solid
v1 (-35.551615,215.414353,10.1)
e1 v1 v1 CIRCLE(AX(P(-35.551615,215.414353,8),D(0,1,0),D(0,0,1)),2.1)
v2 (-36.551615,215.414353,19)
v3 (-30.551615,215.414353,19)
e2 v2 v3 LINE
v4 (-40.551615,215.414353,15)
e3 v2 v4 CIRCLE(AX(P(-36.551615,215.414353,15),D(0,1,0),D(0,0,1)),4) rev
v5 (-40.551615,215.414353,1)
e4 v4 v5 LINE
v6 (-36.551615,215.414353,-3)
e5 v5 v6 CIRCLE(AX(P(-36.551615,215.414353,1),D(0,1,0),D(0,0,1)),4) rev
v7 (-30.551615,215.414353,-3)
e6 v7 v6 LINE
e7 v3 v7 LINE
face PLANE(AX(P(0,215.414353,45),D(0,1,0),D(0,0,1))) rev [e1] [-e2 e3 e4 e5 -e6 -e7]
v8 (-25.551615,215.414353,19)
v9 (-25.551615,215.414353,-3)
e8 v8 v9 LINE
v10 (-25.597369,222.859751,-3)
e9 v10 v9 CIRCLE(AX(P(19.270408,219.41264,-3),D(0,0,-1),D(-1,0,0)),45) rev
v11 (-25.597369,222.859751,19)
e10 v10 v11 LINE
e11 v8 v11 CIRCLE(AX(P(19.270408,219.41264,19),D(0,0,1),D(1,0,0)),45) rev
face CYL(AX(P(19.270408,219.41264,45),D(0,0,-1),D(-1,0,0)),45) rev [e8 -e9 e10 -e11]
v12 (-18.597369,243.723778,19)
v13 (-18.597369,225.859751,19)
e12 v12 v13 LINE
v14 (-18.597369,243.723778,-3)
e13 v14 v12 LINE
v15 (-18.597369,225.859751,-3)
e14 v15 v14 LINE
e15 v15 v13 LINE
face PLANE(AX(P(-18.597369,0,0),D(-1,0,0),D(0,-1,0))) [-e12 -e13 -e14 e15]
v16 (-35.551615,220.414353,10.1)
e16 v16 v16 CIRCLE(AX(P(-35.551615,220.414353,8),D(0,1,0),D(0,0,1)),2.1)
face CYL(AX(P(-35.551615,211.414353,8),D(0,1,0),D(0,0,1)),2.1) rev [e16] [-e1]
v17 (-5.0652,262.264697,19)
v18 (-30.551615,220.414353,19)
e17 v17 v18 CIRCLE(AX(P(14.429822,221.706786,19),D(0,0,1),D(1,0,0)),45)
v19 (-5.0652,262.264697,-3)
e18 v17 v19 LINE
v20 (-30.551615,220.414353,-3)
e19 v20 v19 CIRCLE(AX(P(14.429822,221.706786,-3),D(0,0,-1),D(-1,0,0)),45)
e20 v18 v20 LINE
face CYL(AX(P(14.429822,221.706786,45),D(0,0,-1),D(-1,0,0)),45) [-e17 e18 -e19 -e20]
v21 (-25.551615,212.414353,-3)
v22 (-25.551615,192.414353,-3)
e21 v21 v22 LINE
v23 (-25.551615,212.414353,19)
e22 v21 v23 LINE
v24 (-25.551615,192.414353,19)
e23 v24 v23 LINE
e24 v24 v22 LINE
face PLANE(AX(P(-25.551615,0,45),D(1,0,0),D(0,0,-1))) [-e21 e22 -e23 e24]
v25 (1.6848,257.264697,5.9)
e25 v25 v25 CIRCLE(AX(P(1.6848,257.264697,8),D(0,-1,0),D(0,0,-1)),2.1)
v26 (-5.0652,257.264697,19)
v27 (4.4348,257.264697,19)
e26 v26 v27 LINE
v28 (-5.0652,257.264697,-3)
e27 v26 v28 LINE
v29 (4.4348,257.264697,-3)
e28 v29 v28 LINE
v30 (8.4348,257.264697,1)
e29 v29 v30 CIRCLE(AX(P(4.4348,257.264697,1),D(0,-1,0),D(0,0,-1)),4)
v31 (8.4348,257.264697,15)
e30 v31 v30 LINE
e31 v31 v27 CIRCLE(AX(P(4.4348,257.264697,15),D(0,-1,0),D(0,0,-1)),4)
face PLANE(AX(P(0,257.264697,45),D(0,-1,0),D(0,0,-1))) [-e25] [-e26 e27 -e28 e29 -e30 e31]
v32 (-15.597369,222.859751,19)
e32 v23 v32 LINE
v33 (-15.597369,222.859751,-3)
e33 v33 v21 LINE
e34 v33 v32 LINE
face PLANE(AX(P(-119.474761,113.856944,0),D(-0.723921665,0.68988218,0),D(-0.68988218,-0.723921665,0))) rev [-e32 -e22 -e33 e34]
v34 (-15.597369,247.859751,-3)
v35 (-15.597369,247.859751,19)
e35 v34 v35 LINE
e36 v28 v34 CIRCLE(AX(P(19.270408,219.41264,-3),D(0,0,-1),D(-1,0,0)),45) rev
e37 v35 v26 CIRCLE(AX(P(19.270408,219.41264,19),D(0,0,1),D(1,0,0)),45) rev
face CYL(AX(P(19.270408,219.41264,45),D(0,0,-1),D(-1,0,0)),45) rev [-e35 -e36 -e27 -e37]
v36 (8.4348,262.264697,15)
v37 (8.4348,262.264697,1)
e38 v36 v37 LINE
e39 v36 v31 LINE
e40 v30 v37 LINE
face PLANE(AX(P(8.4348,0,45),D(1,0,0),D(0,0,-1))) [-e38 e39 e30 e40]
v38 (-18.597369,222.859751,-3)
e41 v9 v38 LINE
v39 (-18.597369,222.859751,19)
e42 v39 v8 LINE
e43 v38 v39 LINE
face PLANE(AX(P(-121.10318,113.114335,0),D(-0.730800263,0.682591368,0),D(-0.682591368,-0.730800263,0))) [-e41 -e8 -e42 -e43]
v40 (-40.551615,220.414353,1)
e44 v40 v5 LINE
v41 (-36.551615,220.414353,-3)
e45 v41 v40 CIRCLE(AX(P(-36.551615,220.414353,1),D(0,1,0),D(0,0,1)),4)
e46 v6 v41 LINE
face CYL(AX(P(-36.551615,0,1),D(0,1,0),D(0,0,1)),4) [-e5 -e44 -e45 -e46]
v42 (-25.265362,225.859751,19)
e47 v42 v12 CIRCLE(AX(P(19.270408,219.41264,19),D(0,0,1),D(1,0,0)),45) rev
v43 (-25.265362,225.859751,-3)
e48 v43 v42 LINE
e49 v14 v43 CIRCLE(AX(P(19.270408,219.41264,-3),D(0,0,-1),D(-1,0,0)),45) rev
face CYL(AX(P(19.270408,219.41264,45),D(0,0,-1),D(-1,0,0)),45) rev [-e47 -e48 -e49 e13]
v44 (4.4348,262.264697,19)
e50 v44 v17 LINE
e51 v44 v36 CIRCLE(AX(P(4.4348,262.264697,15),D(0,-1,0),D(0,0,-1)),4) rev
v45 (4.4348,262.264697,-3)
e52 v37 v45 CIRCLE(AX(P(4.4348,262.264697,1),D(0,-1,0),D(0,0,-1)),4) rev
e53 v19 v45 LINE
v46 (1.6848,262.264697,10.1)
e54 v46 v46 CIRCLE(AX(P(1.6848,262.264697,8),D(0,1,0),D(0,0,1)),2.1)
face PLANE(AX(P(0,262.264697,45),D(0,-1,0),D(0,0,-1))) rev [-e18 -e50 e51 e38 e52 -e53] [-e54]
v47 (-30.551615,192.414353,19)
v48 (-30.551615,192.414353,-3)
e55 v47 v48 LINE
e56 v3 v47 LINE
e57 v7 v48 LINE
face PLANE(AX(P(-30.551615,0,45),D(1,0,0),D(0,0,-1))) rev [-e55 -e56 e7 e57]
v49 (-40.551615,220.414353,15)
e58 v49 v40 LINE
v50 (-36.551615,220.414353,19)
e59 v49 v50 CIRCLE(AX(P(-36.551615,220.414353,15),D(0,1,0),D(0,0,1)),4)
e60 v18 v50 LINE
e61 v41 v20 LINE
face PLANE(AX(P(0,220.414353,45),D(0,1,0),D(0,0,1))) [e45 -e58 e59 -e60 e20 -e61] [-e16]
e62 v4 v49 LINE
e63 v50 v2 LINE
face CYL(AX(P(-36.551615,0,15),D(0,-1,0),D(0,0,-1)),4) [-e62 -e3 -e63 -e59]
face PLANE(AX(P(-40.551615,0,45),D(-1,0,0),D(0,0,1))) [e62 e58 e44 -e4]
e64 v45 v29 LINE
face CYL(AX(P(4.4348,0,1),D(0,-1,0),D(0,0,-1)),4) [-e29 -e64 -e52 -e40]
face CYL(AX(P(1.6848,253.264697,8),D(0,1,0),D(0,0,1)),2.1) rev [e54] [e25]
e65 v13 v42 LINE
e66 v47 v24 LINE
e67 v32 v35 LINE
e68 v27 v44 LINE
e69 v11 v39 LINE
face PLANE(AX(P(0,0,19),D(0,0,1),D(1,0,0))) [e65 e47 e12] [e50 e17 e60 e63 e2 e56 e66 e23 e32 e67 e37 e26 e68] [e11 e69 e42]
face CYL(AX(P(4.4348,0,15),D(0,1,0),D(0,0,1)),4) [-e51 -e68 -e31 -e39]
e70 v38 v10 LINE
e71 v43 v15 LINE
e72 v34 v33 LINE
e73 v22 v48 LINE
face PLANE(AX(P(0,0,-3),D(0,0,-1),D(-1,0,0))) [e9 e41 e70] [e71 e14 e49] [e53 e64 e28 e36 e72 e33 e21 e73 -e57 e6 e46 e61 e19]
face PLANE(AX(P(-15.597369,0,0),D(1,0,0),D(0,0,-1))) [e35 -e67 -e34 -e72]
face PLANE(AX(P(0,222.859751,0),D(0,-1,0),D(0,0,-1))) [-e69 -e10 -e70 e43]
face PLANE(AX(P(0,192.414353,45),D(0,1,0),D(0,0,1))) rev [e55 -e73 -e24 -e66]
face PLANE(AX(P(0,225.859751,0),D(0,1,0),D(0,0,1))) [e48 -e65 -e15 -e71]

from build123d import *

# Parameters (mm, degrees)
SKETCH3_W                = 13.5
SKETCH3_H                = 5
SKETCH3_W_2              = 10
SKETCH3_W_3              = 5
SKETCH3_H_2              = 23
BOSS_EXTRUDE1_DEPTH      = 45
FILLET1_R                = 2
SKETCH5_R                = 2.1
CUT_EXTRUDE2_DEPTH       = 45
SKETCH6_R                = 2.1
CUT_EXTRUDE3_DEPTH       = 45
SKETCH7_W                = 8.210459319
SKETCH7_H                = 32.58724939
BOSS_EXTRUDE2_DEPTH      = 5
SKETCH8_R                = 2.1
CUT_EXTRUDE5_DEPTH       = 45
BOSS_EXTRUDE3_DEPTH      = 45
SKETCH10_W               = 60.355694637
SKETCH10_H               = 75.381613981
CUT_EXTRUDE7_DEPTH       = 9
SKETCH13_W               = 6.095088126
SKETCH13_H               = 29.055723933
BOSS_EXTRUDE6_DEPTH      = 5
SKETCH14_W               = 6.424633762
SKETCH14_H               = 30.784703445
BOSS_EXTRUDE7_DEPTH      = 5
FILLET3_R                = 2
SKETCH15_R               = 2.1
CUT_EXTRUDE8_DEPTH       = 9
SKETCH16_R               = 2.1
CUT_EXTRUDE9_DEPTH       = 9
SKETCH17_R               = 2.1
SKETCH17_W               = 51.061541061
SKETCH17_H               = 6.00536962
SKETCH17_W_2             = 58.971241115
SKETCH17_H_2             = 35.120826058
CUT_EXTRUDE10_DEPTH      = 42.850344031
CUT_EXTRUDE10_DEPTH_BACK = 29
BOSS_EXTRUDE8_DEPTH      = 5
BOSS_EXTRUDE9_DEPTH      = 5
FILLET5_R                = 4


with BuildPart() as part:
    # Sketch3 → Boss-Extrude1 (new body)
    with BuildSketch(Plane.XY):
        with BuildLine():
            ThreePointArc((-5.06519953, 257.264696919), (-21.146881422, 239.197551787), (-25.551614771, 215.414352888))
            Line((-25.551614771, 215.414352888), (-30.551614771, 215.414352888))
            Line((-30.551614771, 215.414352888), (-30.551614771, 220.414352888))
            ThreePointArc((-30.551614771, 220.414352888), (-24.004098535, 245.112635185), (-5.06519953, 262.264696919))
            Line((-5.06519953, 262.264696919), (-5.06519953, 257.264696919))
        make_face()
        with Locations((1.68480047, 259.764696919)):
            Rectangle(SKETCH3_W, SKETCH3_H)
        with Locations((-35.551614771, 217.914352888)):
            Rectangle(SKETCH3_W_2, SKETCH3_H)
        with Locations((-28.051614771, 203.914352888)):
            Rectangle(SKETCH3_W_3, SKETCH3_H_2)
    extrude(amount=BOSS_EXTRUDE1_DEPTH)

    # Fillet1
    fillet1_edges = [part.edges().sort_by_distance(p)[0] for p in [
        (-40.551614771, 217.914352888, 0),
        (8.43480047, 259.764696919, 45),
        (8.43480047, 259.764696919, 0),
        (-40.551614771, 217.914352888, 45),
    ]]
    fillet(fillet1_edges, radius=FILLET1_R)

    # Sketch5 → Cut-Extrude2 (cut)
    with BuildSketch(Plane(origin=(0, 262.264696919, 0), x_dir=(1, 0, 0), z_dir=(0, 1, 0))):
        with Locations((0.24480047, -40)):
            Circle(SKETCH5_R)
        with Locations((0.24480047, -14.8)):
            Circle(SKETCH5_R)
    extrude(amount=-CUT_EXTRUDE2_DEPTH, mode=Mode.SUBTRACT)

    # Sketch6 → Cut-Extrude3 (cut)
    with BuildSketch(Plane(origin=(0, 220.414352888, 0), x_dir=(1, 0, 0), z_dir=(0, 1, 0))):
        with Locations((-35.551614771, -10)):
            Circle(SKETCH6_R)
        with Locations((-35.551614771, -35)):
            Circle(SKETCH6_R)
    extrude(amount=-CUT_EXTRUDE3_DEPTH, mode=Mode.SUBTRACT)

    # Sketch7 → Boss-Extrude2 (add)
    with BuildSketch(Plane(origin=(0, 262.264696919, 0), x_dir=(1, 0, 0), z_dir=(0, 1, 0))):
        with Locations((1.09445166, -26.923464517)):
            Rectangle(SKETCH7_W, SKETCH7_H)
    extrude(amount=-BOSS_EXTRUDE2_DEPTH)

    # Sketch8 → Cut-Extrude5 (cut)
    with BuildSketch(Plane(origin=(0, 262.264696919, 0), x_dir=(1, 0, 0), z_dir=(0, 1, 0))):
        with Locations((0.24480047, -5)):
            Circle(SKETCH8_R)
        with Locations((0.24480047, -30.2)):
            Circle(SKETCH8_R)
    extrude(amount=-CUT_EXTRUDE5_DEPTH, mode=Mode.SUBTRACT)

    # Sketch9 → Boss-Extrude3 (add, through all)
    with BuildSketch(Plane.XY.offset(45)):
        with BuildLine():
            ThreePointArc((-25.265361734, 225.859750777), (-25.456525287, 224.362535182), (-25.597369426, 222.859750777))
            Line((-25.597369426, 222.859750777), (-18.597369426, 222.859750777))
            Line((-18.597369426, 222.859750777), (-15.597369426, 222.859750777))
            Line((-15.597369426, 222.859750777), (-15.597369426, 247.859750777))
            ThreePointArc((-15.597369426, 247.859750777), (-17.156118075, 245.834377519), (-18.597369426, 243.72377838))
            Line((-18.597369426, 243.72377838), (-18.597369426, 225.859750777))
            Line((-18.597369426, 225.859750777), (-25.265361734, 225.859750777))
        make_face()
        Polygon((-15.597369426, 222.859750777), (-18.597369426, 222.859750777), (-25.551614771, 215.414352888), (-25.551614771, 212.414352888), align=None)
    extrude(amount=-BOSS_EXTRUDE3_DEPTH)

    # Sketch10 → Cut-Extrude7 (cut)
    with BuildSketch(Plane.XY.offset(45)):
        with Locations((-21.743046849, 224.573889929)):
            Rectangle(SKETCH10_W, SKETCH10_H)
    extrude(amount=-CUT_EXTRUDE7_DEPTH, mode=Mode.SUBTRACT)

    # Sketch13 → Boss-Extrude6 (add)
    with BuildSketch(Plane(origin=(0, 220.414352888, 0), x_dir=(1, 0, 0), z_dir=(0, 1, 0))):
        with Locations((-35.175849568, -21.472138034)):
            Rectangle(SKETCH13_W, SKETCH13_H)
    extrude(amount=-BOSS_EXTRUDE6_DEPTH)

    # Sketch14 → Boss-Extrude7 (add)
    with BuildSketch(Plane(origin=(0, 262.264696919, 0), x_dir=(1, 0, 0), z_dir=(0, 1, 0))):
        with Locations((0.1637931, -17.411075239)):
            Rectangle(SKETCH14_W, SKETCH14_H)
    extrude(amount=-BOSS_EXTRUDE7_DEPTH)

    # Fillet3
    fillet3_edges = [part.edges().sort_by_distance(p)[0] for p in [
        (-40.551614771, 217.914352888, 36),
        (8.43480047, 259.764696919, 36),
    ]]
    fillet(fillet3_edges, radius=FILLET3_R)

    # Sketch15 → Cut-Extrude8 (cut)
    with BuildSketch(Plane(origin=(0, 220.414352888, 0), x_dir=(1, 0, 0), z_dir=(0, 1, 0))):
        with Locations((-35.551614771, -8)):
            Circle(SKETCH15_R)
        with Locations((-35.551614771, -28)):
            Circle(SKETCH15_R)
    extrude(amount=-CUT_EXTRUDE8_DEPTH, mode=Mode.SUBTRACT)

    # Sketch16 → Cut-Extrude9 (cut)
    with BuildSketch(Plane(origin=(0, 262.264696919, 0), x_dir=(1, 0, 0), z_dir=(0, 1, 0))):
        with Locations((1.68480047, -8)):
            Circle(SKETCH16_R)
        with Locations((1.68480047, -28)):
            Circle(SKETCH16_R)
    extrude(amount=-CUT_EXTRUDE9_DEPTH, mode=Mode.SUBTRACT)

    # Sketch17 → Cut-Extrude10 (cut, two sides)
    with BuildSketch(Plane(origin=(0, 220.414352888, 0), x_dir=(1, 0, 0), z_dir=(0, 1, 0))) as cut_extrude10_sk:
        with Locations((-35.551614771, -8)):
            Circle(SKETCH17_R)
        with Locations((-15.020844241, 1.00268481)):
            Rectangle(SKETCH17_W, SKETCH17_H)
        with Locations((-11.065994214, -31.560413029)):
            Rectangle(SKETCH17_W_2, SKETCH17_H_2)
    extrude(amount=CUT_EXTRUDE10_DEPTH, mode=Mode.SUBTRACT)
    extrude(cut_extrude10_sk.sketch, amount=-CUT_EXTRUDE10_DEPTH_BACK, mode=Mode.SUBTRACT)

    # Sketch18 → Boss-Extrude8 (add)
    with BuildSketch(Plane.XY.offset(14)):
        with BuildLine():
            ThreePointArc((-15.597369426, 247.859750777), (-10.702470586, 252.977898228), (-5.06519953, 257.264696919))
            Line((-5.06519953, 257.264696919), (8.43480047, 257.264696919))
            Line((8.43480047, 257.264696919), (8.43480047, 262.264696919))
            Line((8.43480047, 262.264696919), (-5.06519953, 262.264696919))
            ThreePointArc((-5.06519953, 262.264696919), (-24.004098535, 245.112635185), (-30.551614771, 220.414352888))
            Line((-30.551614771, 220.414352888), (-40.551614771, 220.414352888))
            Line((-40.551614771, 220.414352888), (-40.551614771, 215.414352888))
            Line((-40.551614771, 215.414352888), (-30.551614771, 215.414352888))
            Line((-30.551614771, 215.414352888), (-30.551614771, 192.414352888))
            Line((-30.551614771, 192.414352888), (-25.551614771, 192.414352888))
            Line((-25.551614771, 192.414352888), (-25.551614771, 212.414352888))
            Line((-25.551614771, 212.414352888), (-15.597369426, 222.859750777))
            Line((-15.597369426, 222.859750777), (-15.597369426, 247.859750777))
        make_face()
        with BuildLine():
            ThreePointArc((-25.551614771, 215.414352888), (-25.728742574, 219.136103908), (-25.597369426, 222.859750777))
            Line((-25.597369426, 222.859750777), (-18.597369426, 222.859750777))
            Line((-18.597369426, 222.859750777), (-25.551614771, 215.414352888))
        make_face(mode=Mode.SUBTRACT)
        with BuildLine():
            ThreePointArc((-25.265361734, 225.859750777), (-22.888422833, 235.14899927), (-18.597369426, 243.72377838))
            Line((-18.597369426, 243.72377838), (-18.597369426, 225.859750777))
            Line((-18.597369426, 225.859750777), (-25.265361734, 225.859750777))
        make_face(mode=Mode.SUBTRACT)
    extrude(amount=BOSS_EXTRUDE8_DEPTH)

    # Sketch19 → Boss-Extrude9 (add)
    with BuildSketch(Plane(origin=(0, 0, 2), x_dir=(-1, 0, 0), z_dir=(0, 0, -1))):
        with BuildLine():
            Line((-8.43480047, 257.264696919), (5.06519953, 257.264696919))
            ThreePointArc((5.06519953, 257.264696919), (10.702470586, 252.977898228), (15.597369426, 247.859750777))
            Line((15.597369426, 247.859750777), (15.597369426, 222.859750777))
            Line((15.597369426, 222.859750777), (25.551614771, 212.414352888))
            Line((25.551614771, 212.414352888), (25.551614771, 192.414352888))
            Line((25.551614771, 192.414352888), (30.551614771, 192.414352888))
            Line((30.551614771, 192.414352888), (30.551614771, 215.414352888))
            Line((30.551614771, 215.414352888), (40.551614771, 215.414352888))
            Line((40.551614771, 215.414352888), (40.551614771, 220.414352888))
            Line((40.551614771, 220.414352888), (30.551614771, 220.414352888))
            ThreePointArc((30.551614771, 220.414352888), (24.004098535, 245.112635185), (5.06519953, 262.264696919))
            Line((5.06519953, 262.264696919), (-8.43480047, 262.264696919))
            Line((-8.43480047, 262.264696919), (-8.43480047, 257.264696919))
        make_face()
        with BuildLine():
            Line((18.597369426, 222.859750777), (25.597369426, 222.859750777))
            ThreePointArc((25.597369426, 222.859750777), (25.728742574, 219.136103908), (25.551614771, 215.414352888))
            Line((25.551614771, 215.414352888), (18.597369426, 222.859750777))
        make_face(mode=Mode.SUBTRACT)
        with BuildLine():
            Line((18.597369426, 225.859750777), (18.597369426, 243.72377838))
            ThreePointArc((18.597369426, 243.72377838), (22.888422833, 235.14899927), (25.265361734, 225.859750777))
            Line((25.265361734, 225.859750777), (18.597369426, 225.859750777))
        make_face(mode=Mode.SUBTRACT)
    extrude(amount=BOSS_EXTRUDE9_DEPTH)

    # Fillet5
    fillet5_edges = [part.edges().sort_by_distance(p)[0] for p in [
        (-40.551614771, 217.914352888, 19),
        (8.43480047, 259.764696919, 19),
        (-40.551614771, 217.914352888, -3),
        (8.43480047, 259.764696919, -3),
    ]]
    fillet(fillet5_edges, radius=FILLET5_R)


solid = part.part
